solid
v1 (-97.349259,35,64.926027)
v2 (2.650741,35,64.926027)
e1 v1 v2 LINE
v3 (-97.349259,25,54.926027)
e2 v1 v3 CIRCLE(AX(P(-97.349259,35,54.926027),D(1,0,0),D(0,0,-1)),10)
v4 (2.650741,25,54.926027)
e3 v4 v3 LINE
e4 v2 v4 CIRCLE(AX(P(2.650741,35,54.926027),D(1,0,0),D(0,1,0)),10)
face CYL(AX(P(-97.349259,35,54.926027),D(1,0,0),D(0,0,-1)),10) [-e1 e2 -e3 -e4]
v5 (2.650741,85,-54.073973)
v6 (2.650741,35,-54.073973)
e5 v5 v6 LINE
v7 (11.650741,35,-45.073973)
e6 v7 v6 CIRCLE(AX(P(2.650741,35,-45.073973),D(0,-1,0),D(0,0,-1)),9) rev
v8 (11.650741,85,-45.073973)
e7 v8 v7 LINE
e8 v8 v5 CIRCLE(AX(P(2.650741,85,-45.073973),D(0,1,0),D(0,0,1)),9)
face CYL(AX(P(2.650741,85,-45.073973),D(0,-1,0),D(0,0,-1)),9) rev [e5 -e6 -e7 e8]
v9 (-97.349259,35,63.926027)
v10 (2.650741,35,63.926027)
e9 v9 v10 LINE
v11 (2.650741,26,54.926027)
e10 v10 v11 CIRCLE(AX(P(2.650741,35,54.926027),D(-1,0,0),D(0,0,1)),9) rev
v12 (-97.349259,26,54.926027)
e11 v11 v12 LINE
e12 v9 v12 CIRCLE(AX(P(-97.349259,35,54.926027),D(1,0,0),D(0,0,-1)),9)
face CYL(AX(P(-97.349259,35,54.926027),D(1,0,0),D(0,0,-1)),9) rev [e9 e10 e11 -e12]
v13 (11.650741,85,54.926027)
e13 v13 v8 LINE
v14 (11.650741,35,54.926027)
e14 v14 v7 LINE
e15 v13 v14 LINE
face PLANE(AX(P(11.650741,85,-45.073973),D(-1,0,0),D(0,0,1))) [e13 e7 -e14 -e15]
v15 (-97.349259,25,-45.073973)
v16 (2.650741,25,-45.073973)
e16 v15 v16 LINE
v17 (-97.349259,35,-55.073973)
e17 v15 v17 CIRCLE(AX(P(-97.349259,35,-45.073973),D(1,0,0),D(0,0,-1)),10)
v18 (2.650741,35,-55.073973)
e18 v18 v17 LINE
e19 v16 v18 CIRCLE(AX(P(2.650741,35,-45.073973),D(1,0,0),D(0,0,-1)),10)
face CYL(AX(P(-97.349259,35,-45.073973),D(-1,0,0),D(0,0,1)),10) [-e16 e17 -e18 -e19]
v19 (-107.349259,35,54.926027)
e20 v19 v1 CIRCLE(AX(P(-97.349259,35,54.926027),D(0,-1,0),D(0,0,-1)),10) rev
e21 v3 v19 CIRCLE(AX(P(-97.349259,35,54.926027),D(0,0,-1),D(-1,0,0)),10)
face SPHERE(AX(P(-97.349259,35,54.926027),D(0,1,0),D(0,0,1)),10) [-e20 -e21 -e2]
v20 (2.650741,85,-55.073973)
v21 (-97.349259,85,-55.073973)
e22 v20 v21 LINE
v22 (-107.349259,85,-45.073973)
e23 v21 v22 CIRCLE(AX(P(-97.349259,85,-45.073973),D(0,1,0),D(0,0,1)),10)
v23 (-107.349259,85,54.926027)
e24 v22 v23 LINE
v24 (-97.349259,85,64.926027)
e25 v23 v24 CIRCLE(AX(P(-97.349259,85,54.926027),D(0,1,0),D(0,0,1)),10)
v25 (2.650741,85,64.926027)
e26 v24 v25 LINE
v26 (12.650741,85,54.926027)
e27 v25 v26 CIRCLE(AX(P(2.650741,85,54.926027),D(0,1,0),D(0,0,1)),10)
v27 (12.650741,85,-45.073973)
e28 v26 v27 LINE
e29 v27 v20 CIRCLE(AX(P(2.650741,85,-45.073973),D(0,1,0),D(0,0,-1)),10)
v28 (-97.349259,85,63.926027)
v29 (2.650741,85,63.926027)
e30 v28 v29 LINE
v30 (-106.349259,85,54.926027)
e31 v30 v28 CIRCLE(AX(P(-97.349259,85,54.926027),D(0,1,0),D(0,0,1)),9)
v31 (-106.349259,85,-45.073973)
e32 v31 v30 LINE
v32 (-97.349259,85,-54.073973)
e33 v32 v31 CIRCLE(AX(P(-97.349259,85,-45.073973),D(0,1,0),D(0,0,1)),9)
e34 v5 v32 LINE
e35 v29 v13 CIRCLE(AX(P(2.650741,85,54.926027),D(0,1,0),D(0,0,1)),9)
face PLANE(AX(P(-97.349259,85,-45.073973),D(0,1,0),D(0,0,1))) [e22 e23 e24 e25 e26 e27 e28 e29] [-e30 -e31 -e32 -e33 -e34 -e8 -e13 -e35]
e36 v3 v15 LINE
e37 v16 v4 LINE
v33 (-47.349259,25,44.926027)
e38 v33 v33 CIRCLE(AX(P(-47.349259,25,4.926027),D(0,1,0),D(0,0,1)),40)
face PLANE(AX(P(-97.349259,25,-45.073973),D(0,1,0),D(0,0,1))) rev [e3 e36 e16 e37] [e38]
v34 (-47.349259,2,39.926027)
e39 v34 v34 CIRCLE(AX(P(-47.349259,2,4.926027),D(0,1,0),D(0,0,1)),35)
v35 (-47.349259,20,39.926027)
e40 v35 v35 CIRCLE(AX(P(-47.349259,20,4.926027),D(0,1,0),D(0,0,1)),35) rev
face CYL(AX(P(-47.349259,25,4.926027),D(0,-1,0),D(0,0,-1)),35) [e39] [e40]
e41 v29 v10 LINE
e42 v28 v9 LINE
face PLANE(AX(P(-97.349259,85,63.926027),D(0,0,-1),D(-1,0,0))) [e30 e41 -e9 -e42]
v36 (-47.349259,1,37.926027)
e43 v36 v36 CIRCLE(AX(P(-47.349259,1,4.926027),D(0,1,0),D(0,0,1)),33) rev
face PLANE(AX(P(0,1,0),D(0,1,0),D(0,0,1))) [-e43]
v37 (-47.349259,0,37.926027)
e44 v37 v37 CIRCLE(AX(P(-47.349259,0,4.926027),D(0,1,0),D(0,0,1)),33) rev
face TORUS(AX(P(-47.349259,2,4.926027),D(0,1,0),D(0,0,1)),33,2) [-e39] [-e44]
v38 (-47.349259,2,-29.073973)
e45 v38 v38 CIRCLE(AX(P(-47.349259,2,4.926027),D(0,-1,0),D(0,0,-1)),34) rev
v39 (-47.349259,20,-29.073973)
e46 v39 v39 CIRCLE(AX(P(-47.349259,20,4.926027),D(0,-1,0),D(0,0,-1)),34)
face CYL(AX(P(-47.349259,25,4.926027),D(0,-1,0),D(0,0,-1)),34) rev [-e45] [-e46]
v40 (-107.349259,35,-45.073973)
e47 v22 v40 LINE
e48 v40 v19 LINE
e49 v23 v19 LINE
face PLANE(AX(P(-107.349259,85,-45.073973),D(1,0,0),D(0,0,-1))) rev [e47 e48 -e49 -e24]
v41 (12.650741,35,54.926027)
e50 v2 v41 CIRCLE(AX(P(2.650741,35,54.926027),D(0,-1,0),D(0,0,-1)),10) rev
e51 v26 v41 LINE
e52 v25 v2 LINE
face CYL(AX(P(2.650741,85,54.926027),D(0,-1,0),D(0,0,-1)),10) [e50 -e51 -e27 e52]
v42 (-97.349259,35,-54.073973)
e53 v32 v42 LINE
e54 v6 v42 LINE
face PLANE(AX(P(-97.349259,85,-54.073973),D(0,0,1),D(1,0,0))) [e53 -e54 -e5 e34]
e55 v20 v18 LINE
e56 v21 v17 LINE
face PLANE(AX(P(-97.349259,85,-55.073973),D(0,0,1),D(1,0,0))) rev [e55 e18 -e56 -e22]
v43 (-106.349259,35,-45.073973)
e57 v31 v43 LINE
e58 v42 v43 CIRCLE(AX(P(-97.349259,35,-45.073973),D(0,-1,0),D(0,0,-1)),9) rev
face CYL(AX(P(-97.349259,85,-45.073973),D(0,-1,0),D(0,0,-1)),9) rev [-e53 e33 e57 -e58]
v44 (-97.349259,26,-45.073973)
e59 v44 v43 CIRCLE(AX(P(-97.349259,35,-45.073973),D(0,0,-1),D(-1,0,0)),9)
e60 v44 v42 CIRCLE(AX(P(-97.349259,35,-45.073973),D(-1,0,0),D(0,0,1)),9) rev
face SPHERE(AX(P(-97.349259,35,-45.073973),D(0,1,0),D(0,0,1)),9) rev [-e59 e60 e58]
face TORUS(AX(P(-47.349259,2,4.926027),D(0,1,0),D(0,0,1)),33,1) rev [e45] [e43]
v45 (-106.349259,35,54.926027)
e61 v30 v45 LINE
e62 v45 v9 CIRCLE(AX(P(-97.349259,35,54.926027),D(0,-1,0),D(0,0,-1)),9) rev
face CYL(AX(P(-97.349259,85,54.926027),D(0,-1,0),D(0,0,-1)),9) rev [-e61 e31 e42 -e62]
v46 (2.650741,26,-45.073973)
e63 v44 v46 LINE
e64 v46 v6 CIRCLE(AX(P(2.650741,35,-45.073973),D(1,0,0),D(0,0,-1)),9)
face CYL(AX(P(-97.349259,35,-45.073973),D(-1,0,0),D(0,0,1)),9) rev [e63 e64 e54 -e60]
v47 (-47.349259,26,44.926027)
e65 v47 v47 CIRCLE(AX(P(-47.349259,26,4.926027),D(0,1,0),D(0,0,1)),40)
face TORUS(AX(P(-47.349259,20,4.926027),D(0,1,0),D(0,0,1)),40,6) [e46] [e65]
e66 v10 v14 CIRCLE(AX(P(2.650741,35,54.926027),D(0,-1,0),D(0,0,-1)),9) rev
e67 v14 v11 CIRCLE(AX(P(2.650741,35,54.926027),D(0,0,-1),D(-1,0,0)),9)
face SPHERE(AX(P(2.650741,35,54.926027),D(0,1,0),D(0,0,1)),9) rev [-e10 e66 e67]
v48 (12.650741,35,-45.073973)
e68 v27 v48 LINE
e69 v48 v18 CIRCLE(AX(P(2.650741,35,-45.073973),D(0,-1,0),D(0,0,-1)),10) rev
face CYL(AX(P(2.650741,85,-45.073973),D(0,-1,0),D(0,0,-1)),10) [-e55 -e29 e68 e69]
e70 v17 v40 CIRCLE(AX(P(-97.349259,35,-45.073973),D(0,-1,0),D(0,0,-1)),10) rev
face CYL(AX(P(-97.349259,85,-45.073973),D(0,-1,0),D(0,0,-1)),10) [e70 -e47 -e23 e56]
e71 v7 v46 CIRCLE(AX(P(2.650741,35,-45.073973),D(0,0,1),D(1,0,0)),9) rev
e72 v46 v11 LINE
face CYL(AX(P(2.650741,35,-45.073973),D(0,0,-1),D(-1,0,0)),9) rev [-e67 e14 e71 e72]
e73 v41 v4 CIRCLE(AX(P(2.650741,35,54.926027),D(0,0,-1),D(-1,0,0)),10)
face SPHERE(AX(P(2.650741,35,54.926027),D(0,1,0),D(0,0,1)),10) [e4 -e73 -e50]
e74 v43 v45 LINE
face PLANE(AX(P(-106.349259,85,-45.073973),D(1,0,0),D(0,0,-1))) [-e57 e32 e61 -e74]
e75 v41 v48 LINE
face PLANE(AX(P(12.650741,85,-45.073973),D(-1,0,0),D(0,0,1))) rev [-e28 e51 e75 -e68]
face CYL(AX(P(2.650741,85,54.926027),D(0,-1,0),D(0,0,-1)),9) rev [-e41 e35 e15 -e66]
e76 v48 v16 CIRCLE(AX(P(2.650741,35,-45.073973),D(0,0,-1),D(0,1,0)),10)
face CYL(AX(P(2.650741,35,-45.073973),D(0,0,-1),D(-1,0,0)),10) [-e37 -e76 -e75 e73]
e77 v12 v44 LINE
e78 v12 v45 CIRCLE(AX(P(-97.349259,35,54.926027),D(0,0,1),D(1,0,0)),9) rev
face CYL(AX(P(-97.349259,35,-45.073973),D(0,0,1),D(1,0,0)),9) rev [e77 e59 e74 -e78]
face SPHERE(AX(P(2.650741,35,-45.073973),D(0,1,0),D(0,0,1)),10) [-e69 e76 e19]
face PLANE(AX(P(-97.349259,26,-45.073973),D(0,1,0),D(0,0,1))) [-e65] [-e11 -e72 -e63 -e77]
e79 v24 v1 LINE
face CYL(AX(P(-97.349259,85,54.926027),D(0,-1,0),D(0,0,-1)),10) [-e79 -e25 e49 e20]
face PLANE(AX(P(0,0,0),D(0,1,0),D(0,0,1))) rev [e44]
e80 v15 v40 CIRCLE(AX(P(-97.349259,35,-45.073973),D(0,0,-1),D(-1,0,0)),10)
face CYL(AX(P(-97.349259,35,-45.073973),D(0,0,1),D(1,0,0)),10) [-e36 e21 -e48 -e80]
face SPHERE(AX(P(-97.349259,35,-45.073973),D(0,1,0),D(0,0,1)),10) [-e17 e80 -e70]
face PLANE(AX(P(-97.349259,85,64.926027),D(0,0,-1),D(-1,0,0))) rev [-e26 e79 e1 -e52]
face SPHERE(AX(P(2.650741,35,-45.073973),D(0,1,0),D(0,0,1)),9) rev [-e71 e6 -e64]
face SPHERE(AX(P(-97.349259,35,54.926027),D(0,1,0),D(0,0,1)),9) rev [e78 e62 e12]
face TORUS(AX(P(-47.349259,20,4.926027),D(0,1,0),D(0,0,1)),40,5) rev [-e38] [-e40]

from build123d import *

# Parameters (mm, degrees)
SKETCH1_R           = 35
SKETCH1_R_2         = 25
BOSS_EXTRUDE1_DEPTH = 25
BOSS_EXTRUDE2_DEPTH = 60
FILLET2_R           = 10
FILLET3_R           = 5
FILLET4_R           = 2
SHELL1_T            = -1


with BuildPart() as part:
    # Sketch1 → Boss-Extrude1 (new body)
    # profile 1 of 2: a face of its own
    with BuildSketch(Plane(origin=(0, 0, 0), x_dir=(1, 0, 0), z_dir=(0, 1, 0))):
        with Locations(Location((-47.349258728, -4.926027286, 0), (0, 0, 270))):
            Circle(SKETCH1_R)
        with Locations((-47.349258728, -4.926027286)):
            Circle(SKETCH1_R_2, mode=Mode.SUBTRACT)
    # profile 2 of 2: a face of its own
    with BuildSketch(Plane(origin=(0, 0, 0), x_dir=(1, 0, 0), z_dir=(0, 1, 0))):
        with Locations((-47.349258728, -4.926027286)):
            Circle(SKETCH1_R_2)
    extrude(amount=BOSS_EXTRUDE1_DEPTH)

    # Sketch2 → Boss-Extrude2 (add)
    with BuildSketch(Plane(origin=(0, 25, 0), x_dir=(1, 0, 0), z_dir=(0, 1, 0))):
        with BuildLine():
            Line((-97.349258728, 55.073972714), (2.650741272, 55.073972714))
            ThreePointArc((2.650741272, 55.073972714), (9.721809084, 52.145040526), (12.650741272, 45.073972714))
            Line((12.650741272, 45.073972714), (12.650741272, -54.926027286))
            ThreePointArc((12.650741272, -54.926027286), (9.721809084, -61.997095098), (2.650741272, -64.926027286))
            Line((2.650741272, -64.926027286), (-97.349258728, -64.926027286))
            ThreePointArc((-97.349258728, -64.926027286), (-104.42032654, -61.997095098), (-107.349258728, -54.926027286))
            Line((-107.349258728, -54.926027286), (-107.349258728, 45.073972714))
            ThreePointArc((-107.349258728, 45.073972714), (-104.42032654, 52.145040526), (-97.349258728, 55.073972714))
        make_face()
    extrude(amount=BOSS_EXTRUDE2_DEPTH)

    # Fillet2
    fillet2_edges = [part.edges().sort_by_distance(p)[0] for p in [
        (-104.42032654, 25, -52.145040526),
        (-107.349258728, 25, 4.926027286),
        (-104.42032654, 25, 61.997095098),
        (-47.349258728, 25, 64.926027286),
        (9.721809084, 25, 61.997095098),
        (12.650741272, 25, 4.926027286),
        (9.721809084, 25, -52.145040526),
        (-47.349258728, 25, -55.073972714),
    ]]
    fillet(fillet2_edges, radius=FILLET2_R)

    # Fillet3
    fillet3_edges = [part.edges().sort_by_distance(p)[0] for p in [
        (-47.349258728, 25, -30.073972714),
    ]]
    fillet(fillet3_edges, radius=FILLET3_R)

    # Fillet4
    fillet4_edges = [part.edges().sort_by_distance(p)[0] for p in [
        (-47.349258728, 0, -30.073972714),
    ]]
    fillet(fillet4_edges, radius=FILLET4_R)

    # Shell1
    shell1_openings = [part.faces().sort_by_distance(p)[0] for p in [
        (-47.349258728, 85, 4.926027286),
    ]]
    offset(amount=SHELL1_T, openings=shell1_openings, kind=Kind.INTERSECTION)


solid = part.part
